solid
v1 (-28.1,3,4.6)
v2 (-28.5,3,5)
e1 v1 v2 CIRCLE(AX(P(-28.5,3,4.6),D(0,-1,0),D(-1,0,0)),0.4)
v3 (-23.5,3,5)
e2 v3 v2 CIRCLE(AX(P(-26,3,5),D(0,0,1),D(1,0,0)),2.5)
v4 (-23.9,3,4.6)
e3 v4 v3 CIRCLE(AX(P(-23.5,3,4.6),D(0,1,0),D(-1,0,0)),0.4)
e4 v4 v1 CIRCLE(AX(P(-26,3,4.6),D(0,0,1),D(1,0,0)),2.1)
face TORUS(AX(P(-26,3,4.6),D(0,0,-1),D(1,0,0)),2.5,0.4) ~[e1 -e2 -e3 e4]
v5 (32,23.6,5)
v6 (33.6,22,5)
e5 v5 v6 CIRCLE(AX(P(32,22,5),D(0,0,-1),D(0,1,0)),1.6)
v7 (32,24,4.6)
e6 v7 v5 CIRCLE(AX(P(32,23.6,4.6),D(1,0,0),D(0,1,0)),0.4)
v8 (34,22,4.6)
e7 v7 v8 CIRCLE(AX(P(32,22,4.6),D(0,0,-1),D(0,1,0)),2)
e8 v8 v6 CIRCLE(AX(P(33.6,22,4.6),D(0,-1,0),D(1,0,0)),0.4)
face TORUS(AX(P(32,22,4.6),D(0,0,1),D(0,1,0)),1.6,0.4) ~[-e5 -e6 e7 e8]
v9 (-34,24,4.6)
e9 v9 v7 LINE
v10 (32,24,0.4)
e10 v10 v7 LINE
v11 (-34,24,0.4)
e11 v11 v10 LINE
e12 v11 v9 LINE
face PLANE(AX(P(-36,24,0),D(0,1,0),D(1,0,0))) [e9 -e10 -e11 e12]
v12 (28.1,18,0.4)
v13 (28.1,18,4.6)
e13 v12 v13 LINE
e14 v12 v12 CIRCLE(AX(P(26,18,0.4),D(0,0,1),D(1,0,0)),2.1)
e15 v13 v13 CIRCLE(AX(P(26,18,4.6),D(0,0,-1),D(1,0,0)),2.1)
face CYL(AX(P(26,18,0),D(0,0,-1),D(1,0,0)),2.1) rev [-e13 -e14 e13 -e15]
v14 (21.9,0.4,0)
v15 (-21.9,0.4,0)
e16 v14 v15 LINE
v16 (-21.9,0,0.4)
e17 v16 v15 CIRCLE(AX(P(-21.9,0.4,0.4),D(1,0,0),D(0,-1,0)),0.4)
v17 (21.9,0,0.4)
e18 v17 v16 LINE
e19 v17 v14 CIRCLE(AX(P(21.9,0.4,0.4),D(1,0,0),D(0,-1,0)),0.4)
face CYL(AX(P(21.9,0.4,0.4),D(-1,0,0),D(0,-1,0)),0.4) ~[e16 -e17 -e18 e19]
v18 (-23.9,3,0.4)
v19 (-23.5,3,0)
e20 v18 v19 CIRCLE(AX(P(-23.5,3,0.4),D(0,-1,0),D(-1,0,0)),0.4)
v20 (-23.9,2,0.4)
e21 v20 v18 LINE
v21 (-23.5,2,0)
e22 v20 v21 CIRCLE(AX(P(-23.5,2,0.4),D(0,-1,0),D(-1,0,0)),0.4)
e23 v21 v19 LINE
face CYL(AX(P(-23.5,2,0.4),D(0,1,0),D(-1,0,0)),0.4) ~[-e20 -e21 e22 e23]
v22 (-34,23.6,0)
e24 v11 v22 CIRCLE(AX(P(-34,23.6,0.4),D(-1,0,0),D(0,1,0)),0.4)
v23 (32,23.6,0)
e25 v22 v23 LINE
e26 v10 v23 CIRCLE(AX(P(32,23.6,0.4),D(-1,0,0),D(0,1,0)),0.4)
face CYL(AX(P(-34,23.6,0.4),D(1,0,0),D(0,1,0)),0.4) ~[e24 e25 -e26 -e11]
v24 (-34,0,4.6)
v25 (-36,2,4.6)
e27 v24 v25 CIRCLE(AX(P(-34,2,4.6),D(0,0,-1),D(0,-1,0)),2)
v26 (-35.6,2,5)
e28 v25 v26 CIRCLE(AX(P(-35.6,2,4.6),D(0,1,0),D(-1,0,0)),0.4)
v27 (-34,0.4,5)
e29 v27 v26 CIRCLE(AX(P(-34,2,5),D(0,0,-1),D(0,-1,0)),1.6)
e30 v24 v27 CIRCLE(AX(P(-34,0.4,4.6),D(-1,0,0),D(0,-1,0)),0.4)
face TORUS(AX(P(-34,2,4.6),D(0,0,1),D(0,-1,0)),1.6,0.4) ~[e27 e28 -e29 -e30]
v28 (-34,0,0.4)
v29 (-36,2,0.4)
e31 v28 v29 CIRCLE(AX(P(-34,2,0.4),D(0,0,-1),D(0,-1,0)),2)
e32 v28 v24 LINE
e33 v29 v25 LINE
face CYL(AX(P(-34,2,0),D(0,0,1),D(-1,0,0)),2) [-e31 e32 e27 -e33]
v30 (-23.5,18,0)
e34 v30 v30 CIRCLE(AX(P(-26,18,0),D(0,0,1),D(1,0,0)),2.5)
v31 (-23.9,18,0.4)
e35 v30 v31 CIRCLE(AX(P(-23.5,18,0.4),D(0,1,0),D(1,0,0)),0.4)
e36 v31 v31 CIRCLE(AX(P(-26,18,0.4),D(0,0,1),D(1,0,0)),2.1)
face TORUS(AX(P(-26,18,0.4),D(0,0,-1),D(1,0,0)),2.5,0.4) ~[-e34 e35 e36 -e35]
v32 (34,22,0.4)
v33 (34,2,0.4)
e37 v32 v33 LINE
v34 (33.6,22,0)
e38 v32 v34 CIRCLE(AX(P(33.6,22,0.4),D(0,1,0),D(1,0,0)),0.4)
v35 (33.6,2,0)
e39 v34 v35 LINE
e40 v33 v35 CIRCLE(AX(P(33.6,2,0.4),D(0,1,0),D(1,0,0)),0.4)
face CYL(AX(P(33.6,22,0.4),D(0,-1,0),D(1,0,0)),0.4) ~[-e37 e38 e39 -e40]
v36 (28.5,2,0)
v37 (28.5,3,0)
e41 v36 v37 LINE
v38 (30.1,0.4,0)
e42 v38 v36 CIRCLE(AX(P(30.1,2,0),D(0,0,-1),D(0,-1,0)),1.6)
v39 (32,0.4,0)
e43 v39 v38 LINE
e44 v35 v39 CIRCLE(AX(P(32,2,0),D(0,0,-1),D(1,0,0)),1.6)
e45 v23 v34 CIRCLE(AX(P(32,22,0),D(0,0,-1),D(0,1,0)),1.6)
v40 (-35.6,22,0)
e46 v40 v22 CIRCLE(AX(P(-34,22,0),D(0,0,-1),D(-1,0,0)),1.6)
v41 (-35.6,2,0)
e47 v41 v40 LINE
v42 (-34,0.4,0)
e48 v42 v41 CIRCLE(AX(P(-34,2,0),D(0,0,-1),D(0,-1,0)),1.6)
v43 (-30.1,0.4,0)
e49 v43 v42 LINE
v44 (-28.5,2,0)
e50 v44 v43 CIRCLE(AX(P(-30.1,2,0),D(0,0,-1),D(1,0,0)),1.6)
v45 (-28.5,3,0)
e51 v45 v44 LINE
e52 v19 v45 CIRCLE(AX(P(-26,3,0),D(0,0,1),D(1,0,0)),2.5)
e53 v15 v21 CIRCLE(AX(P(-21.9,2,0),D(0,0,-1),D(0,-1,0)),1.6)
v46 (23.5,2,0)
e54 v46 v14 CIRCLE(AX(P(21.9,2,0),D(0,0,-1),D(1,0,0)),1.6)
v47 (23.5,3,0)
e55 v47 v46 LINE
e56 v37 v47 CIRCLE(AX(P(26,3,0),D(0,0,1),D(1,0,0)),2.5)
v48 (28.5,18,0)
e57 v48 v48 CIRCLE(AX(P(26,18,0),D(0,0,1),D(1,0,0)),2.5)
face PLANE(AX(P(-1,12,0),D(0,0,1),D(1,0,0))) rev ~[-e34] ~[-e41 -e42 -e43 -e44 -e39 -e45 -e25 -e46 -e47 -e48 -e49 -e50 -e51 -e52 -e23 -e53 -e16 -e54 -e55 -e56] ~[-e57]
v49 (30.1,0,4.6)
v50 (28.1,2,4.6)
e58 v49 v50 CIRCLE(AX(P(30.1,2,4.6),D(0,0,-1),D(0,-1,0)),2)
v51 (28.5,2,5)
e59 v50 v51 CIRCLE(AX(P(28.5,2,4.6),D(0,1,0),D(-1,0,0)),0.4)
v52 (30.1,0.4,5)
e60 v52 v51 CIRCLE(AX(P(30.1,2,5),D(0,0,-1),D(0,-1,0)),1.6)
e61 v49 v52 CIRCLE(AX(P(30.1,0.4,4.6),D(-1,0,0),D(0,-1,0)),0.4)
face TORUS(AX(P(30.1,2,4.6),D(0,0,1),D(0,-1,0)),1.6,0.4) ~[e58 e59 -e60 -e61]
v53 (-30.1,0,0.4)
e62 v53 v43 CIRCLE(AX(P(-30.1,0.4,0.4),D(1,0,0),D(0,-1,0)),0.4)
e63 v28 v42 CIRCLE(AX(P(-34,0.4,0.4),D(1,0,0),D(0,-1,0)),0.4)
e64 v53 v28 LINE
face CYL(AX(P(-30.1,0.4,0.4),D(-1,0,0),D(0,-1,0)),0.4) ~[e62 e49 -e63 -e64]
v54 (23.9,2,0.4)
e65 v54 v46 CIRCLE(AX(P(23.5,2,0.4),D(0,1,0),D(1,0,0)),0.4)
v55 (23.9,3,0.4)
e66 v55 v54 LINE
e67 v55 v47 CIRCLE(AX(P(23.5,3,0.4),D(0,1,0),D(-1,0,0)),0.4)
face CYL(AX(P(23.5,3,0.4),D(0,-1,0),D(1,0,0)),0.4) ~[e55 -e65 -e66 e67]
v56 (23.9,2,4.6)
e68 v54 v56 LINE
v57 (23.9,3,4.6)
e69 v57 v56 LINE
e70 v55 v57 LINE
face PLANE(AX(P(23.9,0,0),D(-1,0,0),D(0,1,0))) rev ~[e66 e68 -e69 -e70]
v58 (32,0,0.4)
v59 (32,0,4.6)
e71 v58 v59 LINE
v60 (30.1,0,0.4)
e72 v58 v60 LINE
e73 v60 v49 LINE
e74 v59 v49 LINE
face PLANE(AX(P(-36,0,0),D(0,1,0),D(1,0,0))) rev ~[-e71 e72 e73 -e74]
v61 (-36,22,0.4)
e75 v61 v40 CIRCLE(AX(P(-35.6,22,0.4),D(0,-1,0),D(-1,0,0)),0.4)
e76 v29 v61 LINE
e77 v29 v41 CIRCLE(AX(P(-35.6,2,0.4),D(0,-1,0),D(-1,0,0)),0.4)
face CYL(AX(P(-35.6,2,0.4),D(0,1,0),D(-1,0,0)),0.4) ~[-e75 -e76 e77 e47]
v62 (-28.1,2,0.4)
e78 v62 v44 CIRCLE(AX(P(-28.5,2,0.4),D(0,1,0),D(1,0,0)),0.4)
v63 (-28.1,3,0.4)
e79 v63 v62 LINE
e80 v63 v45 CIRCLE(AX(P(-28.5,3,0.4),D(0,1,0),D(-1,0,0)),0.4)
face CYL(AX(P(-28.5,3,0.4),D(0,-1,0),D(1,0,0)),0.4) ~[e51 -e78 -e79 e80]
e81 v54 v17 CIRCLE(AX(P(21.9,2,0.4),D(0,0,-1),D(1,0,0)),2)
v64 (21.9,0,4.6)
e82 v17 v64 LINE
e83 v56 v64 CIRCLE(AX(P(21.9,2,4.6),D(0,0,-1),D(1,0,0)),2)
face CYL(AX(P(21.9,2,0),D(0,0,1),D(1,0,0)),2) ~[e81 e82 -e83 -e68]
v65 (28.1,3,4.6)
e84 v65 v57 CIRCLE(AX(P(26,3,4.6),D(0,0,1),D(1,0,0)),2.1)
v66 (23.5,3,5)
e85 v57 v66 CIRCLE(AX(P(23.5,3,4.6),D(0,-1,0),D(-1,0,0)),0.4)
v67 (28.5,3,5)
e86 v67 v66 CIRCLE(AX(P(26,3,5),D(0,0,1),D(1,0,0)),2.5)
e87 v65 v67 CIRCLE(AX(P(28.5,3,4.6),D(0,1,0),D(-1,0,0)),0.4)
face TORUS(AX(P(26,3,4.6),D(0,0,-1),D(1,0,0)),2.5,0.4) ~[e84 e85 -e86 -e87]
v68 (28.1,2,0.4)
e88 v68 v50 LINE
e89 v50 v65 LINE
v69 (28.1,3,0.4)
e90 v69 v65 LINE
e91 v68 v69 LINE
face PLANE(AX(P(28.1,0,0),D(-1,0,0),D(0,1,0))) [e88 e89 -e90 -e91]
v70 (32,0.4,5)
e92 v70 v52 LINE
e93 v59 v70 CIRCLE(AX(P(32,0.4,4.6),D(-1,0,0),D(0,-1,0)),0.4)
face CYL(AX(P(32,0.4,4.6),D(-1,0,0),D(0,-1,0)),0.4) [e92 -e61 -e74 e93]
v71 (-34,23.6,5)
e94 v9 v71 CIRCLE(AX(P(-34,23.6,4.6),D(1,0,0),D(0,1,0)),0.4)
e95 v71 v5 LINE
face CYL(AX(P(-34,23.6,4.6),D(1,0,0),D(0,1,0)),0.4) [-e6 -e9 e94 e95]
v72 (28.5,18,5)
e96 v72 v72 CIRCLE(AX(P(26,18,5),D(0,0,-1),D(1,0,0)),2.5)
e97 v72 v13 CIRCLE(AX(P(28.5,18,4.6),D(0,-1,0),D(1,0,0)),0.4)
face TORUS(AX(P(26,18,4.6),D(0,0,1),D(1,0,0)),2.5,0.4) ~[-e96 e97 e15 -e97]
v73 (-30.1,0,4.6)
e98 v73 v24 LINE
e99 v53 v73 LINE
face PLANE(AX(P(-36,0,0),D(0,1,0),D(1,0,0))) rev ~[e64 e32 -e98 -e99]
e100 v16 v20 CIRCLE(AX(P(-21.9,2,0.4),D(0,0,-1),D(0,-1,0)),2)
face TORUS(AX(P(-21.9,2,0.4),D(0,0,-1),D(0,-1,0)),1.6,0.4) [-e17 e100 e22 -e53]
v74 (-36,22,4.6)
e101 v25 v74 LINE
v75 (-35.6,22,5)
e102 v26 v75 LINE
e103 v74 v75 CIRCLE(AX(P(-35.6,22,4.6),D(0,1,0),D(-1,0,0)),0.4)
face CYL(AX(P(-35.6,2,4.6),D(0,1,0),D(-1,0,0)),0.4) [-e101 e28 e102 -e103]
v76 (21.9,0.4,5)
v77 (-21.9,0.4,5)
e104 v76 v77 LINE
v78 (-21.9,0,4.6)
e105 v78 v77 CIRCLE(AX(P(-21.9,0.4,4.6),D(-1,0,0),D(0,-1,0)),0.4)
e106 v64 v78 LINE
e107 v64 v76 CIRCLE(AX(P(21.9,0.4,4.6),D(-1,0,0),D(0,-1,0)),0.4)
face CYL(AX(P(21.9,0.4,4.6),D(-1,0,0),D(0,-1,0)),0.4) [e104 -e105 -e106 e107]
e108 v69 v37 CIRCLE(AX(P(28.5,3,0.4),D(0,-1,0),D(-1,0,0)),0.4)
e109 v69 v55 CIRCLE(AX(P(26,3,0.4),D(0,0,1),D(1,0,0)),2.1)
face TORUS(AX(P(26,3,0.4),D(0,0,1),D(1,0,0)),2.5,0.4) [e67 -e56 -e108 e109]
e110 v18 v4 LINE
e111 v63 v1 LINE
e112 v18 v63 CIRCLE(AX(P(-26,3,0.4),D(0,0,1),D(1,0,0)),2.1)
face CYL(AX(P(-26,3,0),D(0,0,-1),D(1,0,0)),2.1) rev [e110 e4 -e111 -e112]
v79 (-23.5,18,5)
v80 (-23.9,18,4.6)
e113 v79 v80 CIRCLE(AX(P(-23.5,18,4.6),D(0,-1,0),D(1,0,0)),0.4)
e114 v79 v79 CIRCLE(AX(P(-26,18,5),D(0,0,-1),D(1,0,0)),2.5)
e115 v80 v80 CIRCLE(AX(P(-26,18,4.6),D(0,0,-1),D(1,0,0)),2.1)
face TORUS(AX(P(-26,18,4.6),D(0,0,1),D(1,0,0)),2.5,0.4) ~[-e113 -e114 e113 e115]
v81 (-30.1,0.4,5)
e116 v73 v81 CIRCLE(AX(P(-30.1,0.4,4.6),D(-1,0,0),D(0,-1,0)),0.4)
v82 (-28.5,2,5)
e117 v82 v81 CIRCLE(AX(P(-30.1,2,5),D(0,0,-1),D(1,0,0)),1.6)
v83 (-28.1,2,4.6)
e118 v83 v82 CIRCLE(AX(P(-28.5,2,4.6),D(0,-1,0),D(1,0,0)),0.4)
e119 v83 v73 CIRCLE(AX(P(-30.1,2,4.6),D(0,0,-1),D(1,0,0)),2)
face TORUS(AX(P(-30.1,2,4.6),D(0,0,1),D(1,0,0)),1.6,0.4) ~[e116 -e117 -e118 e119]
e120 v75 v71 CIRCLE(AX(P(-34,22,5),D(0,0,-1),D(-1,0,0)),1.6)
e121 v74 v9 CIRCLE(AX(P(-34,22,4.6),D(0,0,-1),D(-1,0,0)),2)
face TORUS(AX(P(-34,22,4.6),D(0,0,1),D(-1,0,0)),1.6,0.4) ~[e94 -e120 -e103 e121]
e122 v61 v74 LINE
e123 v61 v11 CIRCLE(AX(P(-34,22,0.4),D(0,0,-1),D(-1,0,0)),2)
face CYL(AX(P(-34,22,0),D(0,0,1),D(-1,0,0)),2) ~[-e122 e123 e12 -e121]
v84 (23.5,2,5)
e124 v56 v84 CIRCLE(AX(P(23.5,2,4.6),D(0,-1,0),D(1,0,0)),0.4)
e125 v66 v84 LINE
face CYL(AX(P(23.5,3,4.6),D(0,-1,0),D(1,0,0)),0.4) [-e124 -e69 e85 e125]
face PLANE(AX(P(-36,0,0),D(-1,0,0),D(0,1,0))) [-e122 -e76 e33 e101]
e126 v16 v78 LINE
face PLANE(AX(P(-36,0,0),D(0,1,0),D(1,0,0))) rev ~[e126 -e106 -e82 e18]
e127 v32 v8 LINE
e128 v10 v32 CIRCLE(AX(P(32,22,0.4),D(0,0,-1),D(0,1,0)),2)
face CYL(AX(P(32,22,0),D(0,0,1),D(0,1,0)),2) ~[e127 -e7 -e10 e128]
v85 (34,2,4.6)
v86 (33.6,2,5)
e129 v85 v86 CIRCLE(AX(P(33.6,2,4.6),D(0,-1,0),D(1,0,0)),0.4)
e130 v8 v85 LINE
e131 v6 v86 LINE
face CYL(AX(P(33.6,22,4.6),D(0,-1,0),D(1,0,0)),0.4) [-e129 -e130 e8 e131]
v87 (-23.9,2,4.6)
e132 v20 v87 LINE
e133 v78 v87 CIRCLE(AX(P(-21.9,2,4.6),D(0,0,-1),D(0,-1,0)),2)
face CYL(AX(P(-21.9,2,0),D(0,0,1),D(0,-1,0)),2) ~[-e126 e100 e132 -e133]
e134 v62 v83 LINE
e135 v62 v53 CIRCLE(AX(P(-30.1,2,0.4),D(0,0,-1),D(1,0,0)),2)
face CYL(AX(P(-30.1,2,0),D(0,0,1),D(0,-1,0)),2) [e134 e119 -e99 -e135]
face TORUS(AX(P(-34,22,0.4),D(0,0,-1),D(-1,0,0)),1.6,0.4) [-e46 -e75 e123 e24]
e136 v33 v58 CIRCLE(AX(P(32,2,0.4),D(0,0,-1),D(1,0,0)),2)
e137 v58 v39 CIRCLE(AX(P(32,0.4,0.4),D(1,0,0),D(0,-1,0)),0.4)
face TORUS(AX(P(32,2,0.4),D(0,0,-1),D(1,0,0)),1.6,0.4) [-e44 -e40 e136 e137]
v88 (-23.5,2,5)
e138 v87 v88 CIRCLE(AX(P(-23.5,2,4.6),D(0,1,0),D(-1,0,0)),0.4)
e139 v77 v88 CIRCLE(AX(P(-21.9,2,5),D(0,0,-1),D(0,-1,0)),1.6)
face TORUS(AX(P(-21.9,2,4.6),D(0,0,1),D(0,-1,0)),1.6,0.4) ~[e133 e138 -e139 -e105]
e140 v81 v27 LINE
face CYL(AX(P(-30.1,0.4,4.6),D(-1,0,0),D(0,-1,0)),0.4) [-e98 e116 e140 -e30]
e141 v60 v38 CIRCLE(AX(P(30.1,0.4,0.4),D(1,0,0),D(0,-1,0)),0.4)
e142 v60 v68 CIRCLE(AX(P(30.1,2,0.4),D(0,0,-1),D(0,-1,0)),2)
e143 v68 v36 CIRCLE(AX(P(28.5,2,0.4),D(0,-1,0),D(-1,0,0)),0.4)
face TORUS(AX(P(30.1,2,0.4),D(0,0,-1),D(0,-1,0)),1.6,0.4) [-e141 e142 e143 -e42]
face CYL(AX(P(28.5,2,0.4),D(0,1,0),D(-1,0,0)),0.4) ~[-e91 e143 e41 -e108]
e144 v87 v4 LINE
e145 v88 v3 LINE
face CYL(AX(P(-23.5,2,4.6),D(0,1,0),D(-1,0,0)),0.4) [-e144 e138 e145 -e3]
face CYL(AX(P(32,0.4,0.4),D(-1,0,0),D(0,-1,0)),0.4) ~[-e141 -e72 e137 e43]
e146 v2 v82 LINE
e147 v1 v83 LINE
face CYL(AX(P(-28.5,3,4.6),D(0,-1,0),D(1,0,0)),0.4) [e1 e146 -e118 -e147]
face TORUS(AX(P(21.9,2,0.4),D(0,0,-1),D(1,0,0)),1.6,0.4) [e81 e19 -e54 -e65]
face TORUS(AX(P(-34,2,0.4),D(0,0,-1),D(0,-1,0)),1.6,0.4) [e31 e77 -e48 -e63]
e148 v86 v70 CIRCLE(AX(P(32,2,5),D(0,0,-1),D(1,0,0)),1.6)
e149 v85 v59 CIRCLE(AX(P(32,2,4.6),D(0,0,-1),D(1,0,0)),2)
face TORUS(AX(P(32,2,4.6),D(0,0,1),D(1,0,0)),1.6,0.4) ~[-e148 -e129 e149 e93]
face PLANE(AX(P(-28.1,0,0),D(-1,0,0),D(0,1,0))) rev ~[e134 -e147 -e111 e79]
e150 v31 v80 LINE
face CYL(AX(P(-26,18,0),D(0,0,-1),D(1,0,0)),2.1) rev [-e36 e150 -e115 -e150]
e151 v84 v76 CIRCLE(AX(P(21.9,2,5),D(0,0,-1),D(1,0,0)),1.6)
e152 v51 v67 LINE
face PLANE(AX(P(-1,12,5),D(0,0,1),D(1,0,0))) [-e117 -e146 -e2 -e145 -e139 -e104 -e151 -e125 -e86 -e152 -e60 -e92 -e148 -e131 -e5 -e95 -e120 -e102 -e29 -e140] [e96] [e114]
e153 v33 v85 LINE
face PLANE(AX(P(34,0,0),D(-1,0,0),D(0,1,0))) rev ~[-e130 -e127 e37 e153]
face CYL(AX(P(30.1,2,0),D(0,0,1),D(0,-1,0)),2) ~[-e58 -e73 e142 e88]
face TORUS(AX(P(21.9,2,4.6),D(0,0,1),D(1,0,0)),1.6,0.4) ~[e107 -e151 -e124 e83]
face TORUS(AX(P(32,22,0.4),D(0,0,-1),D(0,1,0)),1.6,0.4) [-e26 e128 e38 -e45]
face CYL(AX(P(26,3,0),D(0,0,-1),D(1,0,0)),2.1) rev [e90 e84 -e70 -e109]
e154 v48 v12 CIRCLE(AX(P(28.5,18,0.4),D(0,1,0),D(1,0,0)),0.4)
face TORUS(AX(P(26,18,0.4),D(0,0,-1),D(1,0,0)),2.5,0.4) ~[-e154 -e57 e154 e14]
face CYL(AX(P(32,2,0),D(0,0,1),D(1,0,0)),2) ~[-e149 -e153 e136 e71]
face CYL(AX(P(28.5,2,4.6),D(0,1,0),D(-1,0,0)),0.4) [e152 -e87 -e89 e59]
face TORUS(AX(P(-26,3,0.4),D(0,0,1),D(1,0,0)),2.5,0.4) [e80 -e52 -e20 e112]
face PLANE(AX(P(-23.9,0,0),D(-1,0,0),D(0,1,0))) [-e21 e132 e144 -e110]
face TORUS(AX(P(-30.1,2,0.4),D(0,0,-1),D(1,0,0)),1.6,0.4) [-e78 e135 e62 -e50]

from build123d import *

# Parameters (mm, degrees)
CYLINDER001_R     = 2.1
CYLINDER001_DEPTH = 10
CYLINDER002_R     = 2.1
CYLINDER002_DEPTH = 10
CYLINDER003_R     = 2.1
CYLINDER003_DEPTH = 10
BOX001_W          = 4.2
BOX001_H          = 3
BOX001_DEPTH      = 10
BOX002_W          = 4.2
BOX002_H          = 3
BOX002_DEPTH      = 10
CYLINDER_R        = 2.1
CYLINDER_DEPTH    = 10
BOX_W             = 70
BOX_H             = 24
BOX_DEPTH         = 5
FILLET_R          = 2
FILLET001_R       = 0.4


with BuildPart() as zylinder001:
    # Cylinder001 → Cylinder001 (new body)
    with BuildSketch(Plane(origin=(-26, 3, 0), x_dir=(1, 0, 0), z_dir=(0, 0, 1))):
        Circle(CYLINDER001_R)
    extrude(amount=CYLINDER001_DEPTH)


with BuildPart() as zylinder002:
    # Cylinder002 → Cylinder002 (new body)
    with BuildSketch(Plane(origin=(-26, 18, 0), x_dir=(1, 0, 0), z_dir=(0, 0, 1))):
        Circle(CYLINDER002_R)
    extrude(amount=CYLINDER002_DEPTH)


with BuildPart() as zylinder003:
    # Cylinder003 → Cylinder003 (new body)
    with BuildSketch(Plane(origin=(26, 18, 0), x_dir=(1, 0, 0), z_dir=(0, 0, 1))):
        Circle(CYLINDER003_R)
    extrude(amount=CYLINDER003_DEPTH)


with BuildPart() as w_rfel001:
    # Box001 → Box001 (new body)
    with BuildSketch(Plane(origin=(23.9, 0, 0), x_dir=(1, 0, 0), z_dir=(0, 0, 1))):
        with Locations((2.1, 1.5)):
            Rectangle(BOX001_W, BOX001_H)
    extrude(amount=BOX001_DEPTH)


with BuildPart() as w_rfel002:
    # Box002 → Box002 (new body)
    with BuildSketch(Plane(origin=(-28.1, 0, 0), x_dir=(1, 0, 0), z_dir=(0, 0, 1))):
        with Locations((2.1, 1.5)):
            Rectangle(BOX002_W, BOX002_H)
    extrude(amount=BOX002_DEPTH)


with BuildPart() as zylinder:
    # Cylinder → Cylinder (new body)
    with BuildSketch(Plane(origin=(26, 3, 0), x_dir=(1, 0, 0), z_dir=(0, 0, 1))):
        Circle(CYLINDER_R)
    extrude(amount=CYLINDER_DEPTH)


with BuildPart() as fillet001:
    # Box → Box (new body)
    with BuildSketch(Plane(origin=(-36, 0, 0), x_dir=(1, 0, 0), z_dir=(0, 0, 1))):
        with Locations((35, 12)):
            Rectangle(BOX_W, BOX_H)
    extrude(amount=BOX_DEPTH)

    # Cut: cut Zylinder
    add(zylinder.part, mode=Mode.SUBTRACT)

    # Cut001: cut Würfel002
    add(w_rfel002.part, mode=Mode.SUBTRACT)

    # Cut002: cut Würfel001
    add(w_rfel001.part, mode=Mode.SUBTRACT)

    # Cut003: cut Zylinder003
    add(zylinder003.part, mode=Mode.SUBTRACT)

    # Cut004: cut Zylinder002
    add(zylinder002.part, mode=Mode.SUBTRACT)

    # Cut005: cut Zylinder001
    add(zylinder001.part, mode=Mode.SUBTRACT)

    # Fillet
    fillet_edges = [fillet001.edges().sort_by_distance(p)[0] for p in [
        (-36, 0, 2.5),
        (-36, 24, 2.5),
        (-28.1, 0, 2.5),
        (34, 24, 2.5),
        (34, 0, 2.5),
        (28.1, 0, 2.5),
        (23.9, 0, 2.5),
        (-23.9, 0, 2.5),
    ]]
    fillet(fillet_edges, radius=FILLET_R)

    # Fillet001
    fillet001_edges = [fillet001.edges().sort_by_distance(p)[0] for p in [
        (-36, 12, 5),
        (-36, 12, 0),
        (34, 12, 5),
        (33.414214, 23.414214, 5),
        (-1, 24, 5),
        (-35.414214, 23.414214, 5),
        (-35.414214, 0.585786, 5),
        (-32.05, 0, 5),
        (-28.685786, 0.585786, 5),
        (-28.1, 2.5, 5),
        (-26, 5.1, 5),
        (-23.9, 2.5, 5),
        (-23.314214, 0.585786, 5),
        (0, 0, 5),
        (23.314214, 0.585786, 5),
        (23.9, 2.5, 5),
        (26, 5.1, 5),
        (28.1, 2.5, 5),
        (28.685786, 0.585786, 5),
        (31.05, 0, 5),
        (33.414214, 0.585786, 5),
        (-28.1, 18, 5),
        (23.9, 18, 5),
        (-35.414214, 0.585786, 0),
        (-35.414214, 23.414214, 0),
        (34, 12, 0),
        (33.414214, 23.414214, 0),
        (-1, 24, 0),
        (-32.05, 0, 0),
        (-28.685786, 0.585786, 0),
        (-28.1, 2.5, 0),
        (-26, 5.1, 0),
        (-23.9, 2.5, 0),
        (-23.314214, 0.585786, 0),
        (0, 0, 0),
        (23.314214, 0.585786, 0),
        (23.9, 2.5, 0),
        (26, 5.1, 0),
        (28.685786, 0.585786, 0),
        (31.05, 0, 0),
        (33.414214, 0.585786, 0),
        (-28.1, 18, 0),
        (23.9, 18, 0),
    ]]
    fillet(fillet001_edges, radius=FILLET001_R)


solid = fillet001.part
